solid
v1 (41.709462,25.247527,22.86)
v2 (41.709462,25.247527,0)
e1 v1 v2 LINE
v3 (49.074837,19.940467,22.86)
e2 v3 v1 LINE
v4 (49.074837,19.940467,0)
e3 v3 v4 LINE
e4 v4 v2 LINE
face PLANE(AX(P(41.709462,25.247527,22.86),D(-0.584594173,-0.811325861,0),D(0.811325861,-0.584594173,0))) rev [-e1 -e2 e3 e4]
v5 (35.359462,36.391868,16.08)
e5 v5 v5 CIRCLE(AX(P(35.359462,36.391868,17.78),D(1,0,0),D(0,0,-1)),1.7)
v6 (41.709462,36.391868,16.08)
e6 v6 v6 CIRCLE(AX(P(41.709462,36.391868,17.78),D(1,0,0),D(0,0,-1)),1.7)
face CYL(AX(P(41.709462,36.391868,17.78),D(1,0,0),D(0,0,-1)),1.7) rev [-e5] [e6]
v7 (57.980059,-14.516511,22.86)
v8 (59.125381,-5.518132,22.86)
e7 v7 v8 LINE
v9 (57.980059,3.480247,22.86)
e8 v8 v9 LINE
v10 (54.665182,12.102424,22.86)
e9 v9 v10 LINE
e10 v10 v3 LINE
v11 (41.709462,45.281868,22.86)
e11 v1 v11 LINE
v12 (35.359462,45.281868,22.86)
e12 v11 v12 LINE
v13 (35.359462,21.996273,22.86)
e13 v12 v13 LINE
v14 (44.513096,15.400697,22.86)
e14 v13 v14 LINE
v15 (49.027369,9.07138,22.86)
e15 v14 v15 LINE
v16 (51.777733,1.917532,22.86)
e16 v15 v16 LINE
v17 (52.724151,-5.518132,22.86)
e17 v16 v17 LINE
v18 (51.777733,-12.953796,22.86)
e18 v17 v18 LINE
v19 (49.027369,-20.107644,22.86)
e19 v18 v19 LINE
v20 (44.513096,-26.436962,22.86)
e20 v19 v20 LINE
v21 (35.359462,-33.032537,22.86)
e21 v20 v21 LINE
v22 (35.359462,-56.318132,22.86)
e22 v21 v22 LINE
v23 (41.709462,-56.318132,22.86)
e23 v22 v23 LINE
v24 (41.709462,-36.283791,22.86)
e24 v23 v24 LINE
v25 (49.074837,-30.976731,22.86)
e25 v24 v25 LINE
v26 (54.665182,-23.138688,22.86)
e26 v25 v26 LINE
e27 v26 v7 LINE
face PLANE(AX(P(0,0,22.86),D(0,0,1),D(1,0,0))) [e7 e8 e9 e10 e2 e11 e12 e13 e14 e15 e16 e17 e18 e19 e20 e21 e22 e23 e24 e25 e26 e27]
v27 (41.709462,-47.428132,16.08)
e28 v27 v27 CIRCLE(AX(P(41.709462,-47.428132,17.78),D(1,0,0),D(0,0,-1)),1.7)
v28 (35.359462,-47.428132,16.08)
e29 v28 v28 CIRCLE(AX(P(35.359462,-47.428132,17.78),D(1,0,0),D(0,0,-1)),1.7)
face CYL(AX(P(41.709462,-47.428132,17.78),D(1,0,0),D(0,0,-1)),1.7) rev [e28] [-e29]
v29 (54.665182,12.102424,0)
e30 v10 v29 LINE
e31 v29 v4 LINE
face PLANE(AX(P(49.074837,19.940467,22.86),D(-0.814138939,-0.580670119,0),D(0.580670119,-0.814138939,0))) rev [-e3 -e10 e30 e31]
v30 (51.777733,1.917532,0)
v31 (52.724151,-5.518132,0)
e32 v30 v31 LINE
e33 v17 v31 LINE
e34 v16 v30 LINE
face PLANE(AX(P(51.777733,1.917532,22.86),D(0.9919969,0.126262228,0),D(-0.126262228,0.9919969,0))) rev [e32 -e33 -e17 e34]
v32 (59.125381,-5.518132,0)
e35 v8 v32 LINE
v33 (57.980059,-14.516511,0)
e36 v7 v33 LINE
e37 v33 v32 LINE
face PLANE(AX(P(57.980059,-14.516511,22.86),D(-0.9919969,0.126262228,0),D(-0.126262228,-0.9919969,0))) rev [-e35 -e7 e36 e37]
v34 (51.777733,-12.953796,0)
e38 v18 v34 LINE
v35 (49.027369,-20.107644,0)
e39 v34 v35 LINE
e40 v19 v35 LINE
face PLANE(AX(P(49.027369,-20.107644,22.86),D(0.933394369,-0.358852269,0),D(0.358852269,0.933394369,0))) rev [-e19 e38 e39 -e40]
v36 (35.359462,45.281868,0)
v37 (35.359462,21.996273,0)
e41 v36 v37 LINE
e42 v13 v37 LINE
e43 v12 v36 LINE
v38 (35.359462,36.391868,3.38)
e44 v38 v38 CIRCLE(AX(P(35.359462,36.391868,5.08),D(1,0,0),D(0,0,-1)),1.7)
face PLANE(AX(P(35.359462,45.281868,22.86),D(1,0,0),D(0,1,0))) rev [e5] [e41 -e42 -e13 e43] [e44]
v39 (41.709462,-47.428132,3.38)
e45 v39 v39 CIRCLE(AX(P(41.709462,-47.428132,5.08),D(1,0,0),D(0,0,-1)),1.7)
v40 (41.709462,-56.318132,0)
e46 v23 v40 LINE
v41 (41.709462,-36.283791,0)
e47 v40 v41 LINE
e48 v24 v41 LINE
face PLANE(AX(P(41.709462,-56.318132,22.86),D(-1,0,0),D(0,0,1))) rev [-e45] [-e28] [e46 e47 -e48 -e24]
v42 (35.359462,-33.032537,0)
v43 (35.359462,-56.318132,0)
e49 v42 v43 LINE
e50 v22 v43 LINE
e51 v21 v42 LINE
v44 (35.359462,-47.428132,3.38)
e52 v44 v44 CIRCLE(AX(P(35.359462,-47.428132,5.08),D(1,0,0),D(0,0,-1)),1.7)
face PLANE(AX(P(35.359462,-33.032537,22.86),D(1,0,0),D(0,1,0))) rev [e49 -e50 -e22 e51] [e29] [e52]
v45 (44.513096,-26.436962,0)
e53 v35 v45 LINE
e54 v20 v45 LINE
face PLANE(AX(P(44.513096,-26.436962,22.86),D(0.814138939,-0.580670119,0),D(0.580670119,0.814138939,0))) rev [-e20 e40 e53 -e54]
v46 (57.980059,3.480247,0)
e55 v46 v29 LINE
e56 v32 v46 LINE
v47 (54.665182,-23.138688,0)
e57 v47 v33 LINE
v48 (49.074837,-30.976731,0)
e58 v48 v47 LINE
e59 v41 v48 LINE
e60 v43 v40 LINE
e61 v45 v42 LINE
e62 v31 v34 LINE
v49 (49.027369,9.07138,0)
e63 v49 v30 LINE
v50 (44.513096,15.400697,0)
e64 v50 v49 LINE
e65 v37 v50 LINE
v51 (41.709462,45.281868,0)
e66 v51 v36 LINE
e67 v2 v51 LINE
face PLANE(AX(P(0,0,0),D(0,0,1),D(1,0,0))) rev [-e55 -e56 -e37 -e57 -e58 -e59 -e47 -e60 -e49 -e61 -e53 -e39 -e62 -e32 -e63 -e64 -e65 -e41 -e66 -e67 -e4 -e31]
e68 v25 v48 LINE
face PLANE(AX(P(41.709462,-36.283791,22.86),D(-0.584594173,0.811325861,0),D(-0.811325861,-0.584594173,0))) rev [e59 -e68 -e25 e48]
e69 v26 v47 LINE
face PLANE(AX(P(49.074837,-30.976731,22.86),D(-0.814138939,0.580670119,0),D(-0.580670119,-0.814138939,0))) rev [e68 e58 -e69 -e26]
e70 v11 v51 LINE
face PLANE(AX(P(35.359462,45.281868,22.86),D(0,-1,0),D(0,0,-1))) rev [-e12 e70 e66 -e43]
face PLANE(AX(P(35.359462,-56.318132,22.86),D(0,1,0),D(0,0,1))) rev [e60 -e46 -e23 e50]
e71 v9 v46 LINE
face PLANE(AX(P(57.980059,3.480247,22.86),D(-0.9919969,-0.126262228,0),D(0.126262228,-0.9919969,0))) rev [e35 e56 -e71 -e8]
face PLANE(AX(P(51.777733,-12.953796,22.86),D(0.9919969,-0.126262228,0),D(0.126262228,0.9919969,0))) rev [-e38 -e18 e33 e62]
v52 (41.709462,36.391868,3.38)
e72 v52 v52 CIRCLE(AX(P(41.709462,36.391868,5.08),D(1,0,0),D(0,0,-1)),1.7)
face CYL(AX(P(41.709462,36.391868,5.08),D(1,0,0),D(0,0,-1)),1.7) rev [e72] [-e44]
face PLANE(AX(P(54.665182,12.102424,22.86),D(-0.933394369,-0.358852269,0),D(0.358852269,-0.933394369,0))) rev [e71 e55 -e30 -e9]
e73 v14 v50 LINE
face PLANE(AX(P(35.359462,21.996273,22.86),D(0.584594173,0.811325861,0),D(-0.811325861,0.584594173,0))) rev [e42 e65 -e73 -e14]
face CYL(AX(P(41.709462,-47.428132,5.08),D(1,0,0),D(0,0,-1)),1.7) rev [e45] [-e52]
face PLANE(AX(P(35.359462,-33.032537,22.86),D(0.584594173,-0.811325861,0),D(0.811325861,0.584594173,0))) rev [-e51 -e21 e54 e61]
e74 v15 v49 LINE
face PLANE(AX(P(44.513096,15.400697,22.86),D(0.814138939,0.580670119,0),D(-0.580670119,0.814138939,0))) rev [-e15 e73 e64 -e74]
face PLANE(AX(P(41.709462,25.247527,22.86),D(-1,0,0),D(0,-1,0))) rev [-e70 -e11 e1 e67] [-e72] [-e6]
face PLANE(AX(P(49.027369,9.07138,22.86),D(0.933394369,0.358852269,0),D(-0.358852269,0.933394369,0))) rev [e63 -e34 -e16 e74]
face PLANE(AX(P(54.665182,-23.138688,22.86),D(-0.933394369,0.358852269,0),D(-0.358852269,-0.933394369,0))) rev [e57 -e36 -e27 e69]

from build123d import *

# Parameters (mm, degrees)
BOSS_EXTRUDE1_DEPTH  = 22.86
M3_CLEARANCE_HOLE1_D = 3.4


with BuildPart() as part:
    # Model → Boss-Extrude1 (new body)
    with BuildSketch(Plane.XY):
        Polygon((35.35946236, 21.996272555), (44.513095611, 15.400697433), (49.027368987, 9.071379605), (51.777733141, 1.917532085), (52.724150942, -5.518132067), (51.777733141, -12.953796218), (49.027368987, -20.107643738), (44.513095611, -26.436961567), (35.35946236, -33.032536689), (35.35946236, -56.318132067), (41.70946236, -56.318132067), (41.70946236, -36.283791365), (49.074837222, -30.976731111), (54.665181836, -23.138688335), (57.980059071, -14.51651143), (59.125380623, -5.518132067), (57.980059071, 3.480247297), (54.665181836, 12.102424201), (49.074837222, 19.940466977), (41.70946236, 25.247527231), (41.70946236, 45.281867933), (35.35946236, 45.281867933), align=None)
    extrude(amount=BOSS_EXTRUDE1_DEPTH)

    # M3 Clearance Hole1 (through all)
    with Locations(Plane(origin=(41.70946236, 0, 0), x_dir=(0, 0, -1), z_dir=(1, 0, 0))):
        with Locations((-17.78, 36.391867933), (-5.08, 36.391867933), (-17.78, -47.428132067), (-5.08, -47.428132067)):
            Hole(M3_CLEARANCE_HOLE1_D / 2)


solid = part.part
